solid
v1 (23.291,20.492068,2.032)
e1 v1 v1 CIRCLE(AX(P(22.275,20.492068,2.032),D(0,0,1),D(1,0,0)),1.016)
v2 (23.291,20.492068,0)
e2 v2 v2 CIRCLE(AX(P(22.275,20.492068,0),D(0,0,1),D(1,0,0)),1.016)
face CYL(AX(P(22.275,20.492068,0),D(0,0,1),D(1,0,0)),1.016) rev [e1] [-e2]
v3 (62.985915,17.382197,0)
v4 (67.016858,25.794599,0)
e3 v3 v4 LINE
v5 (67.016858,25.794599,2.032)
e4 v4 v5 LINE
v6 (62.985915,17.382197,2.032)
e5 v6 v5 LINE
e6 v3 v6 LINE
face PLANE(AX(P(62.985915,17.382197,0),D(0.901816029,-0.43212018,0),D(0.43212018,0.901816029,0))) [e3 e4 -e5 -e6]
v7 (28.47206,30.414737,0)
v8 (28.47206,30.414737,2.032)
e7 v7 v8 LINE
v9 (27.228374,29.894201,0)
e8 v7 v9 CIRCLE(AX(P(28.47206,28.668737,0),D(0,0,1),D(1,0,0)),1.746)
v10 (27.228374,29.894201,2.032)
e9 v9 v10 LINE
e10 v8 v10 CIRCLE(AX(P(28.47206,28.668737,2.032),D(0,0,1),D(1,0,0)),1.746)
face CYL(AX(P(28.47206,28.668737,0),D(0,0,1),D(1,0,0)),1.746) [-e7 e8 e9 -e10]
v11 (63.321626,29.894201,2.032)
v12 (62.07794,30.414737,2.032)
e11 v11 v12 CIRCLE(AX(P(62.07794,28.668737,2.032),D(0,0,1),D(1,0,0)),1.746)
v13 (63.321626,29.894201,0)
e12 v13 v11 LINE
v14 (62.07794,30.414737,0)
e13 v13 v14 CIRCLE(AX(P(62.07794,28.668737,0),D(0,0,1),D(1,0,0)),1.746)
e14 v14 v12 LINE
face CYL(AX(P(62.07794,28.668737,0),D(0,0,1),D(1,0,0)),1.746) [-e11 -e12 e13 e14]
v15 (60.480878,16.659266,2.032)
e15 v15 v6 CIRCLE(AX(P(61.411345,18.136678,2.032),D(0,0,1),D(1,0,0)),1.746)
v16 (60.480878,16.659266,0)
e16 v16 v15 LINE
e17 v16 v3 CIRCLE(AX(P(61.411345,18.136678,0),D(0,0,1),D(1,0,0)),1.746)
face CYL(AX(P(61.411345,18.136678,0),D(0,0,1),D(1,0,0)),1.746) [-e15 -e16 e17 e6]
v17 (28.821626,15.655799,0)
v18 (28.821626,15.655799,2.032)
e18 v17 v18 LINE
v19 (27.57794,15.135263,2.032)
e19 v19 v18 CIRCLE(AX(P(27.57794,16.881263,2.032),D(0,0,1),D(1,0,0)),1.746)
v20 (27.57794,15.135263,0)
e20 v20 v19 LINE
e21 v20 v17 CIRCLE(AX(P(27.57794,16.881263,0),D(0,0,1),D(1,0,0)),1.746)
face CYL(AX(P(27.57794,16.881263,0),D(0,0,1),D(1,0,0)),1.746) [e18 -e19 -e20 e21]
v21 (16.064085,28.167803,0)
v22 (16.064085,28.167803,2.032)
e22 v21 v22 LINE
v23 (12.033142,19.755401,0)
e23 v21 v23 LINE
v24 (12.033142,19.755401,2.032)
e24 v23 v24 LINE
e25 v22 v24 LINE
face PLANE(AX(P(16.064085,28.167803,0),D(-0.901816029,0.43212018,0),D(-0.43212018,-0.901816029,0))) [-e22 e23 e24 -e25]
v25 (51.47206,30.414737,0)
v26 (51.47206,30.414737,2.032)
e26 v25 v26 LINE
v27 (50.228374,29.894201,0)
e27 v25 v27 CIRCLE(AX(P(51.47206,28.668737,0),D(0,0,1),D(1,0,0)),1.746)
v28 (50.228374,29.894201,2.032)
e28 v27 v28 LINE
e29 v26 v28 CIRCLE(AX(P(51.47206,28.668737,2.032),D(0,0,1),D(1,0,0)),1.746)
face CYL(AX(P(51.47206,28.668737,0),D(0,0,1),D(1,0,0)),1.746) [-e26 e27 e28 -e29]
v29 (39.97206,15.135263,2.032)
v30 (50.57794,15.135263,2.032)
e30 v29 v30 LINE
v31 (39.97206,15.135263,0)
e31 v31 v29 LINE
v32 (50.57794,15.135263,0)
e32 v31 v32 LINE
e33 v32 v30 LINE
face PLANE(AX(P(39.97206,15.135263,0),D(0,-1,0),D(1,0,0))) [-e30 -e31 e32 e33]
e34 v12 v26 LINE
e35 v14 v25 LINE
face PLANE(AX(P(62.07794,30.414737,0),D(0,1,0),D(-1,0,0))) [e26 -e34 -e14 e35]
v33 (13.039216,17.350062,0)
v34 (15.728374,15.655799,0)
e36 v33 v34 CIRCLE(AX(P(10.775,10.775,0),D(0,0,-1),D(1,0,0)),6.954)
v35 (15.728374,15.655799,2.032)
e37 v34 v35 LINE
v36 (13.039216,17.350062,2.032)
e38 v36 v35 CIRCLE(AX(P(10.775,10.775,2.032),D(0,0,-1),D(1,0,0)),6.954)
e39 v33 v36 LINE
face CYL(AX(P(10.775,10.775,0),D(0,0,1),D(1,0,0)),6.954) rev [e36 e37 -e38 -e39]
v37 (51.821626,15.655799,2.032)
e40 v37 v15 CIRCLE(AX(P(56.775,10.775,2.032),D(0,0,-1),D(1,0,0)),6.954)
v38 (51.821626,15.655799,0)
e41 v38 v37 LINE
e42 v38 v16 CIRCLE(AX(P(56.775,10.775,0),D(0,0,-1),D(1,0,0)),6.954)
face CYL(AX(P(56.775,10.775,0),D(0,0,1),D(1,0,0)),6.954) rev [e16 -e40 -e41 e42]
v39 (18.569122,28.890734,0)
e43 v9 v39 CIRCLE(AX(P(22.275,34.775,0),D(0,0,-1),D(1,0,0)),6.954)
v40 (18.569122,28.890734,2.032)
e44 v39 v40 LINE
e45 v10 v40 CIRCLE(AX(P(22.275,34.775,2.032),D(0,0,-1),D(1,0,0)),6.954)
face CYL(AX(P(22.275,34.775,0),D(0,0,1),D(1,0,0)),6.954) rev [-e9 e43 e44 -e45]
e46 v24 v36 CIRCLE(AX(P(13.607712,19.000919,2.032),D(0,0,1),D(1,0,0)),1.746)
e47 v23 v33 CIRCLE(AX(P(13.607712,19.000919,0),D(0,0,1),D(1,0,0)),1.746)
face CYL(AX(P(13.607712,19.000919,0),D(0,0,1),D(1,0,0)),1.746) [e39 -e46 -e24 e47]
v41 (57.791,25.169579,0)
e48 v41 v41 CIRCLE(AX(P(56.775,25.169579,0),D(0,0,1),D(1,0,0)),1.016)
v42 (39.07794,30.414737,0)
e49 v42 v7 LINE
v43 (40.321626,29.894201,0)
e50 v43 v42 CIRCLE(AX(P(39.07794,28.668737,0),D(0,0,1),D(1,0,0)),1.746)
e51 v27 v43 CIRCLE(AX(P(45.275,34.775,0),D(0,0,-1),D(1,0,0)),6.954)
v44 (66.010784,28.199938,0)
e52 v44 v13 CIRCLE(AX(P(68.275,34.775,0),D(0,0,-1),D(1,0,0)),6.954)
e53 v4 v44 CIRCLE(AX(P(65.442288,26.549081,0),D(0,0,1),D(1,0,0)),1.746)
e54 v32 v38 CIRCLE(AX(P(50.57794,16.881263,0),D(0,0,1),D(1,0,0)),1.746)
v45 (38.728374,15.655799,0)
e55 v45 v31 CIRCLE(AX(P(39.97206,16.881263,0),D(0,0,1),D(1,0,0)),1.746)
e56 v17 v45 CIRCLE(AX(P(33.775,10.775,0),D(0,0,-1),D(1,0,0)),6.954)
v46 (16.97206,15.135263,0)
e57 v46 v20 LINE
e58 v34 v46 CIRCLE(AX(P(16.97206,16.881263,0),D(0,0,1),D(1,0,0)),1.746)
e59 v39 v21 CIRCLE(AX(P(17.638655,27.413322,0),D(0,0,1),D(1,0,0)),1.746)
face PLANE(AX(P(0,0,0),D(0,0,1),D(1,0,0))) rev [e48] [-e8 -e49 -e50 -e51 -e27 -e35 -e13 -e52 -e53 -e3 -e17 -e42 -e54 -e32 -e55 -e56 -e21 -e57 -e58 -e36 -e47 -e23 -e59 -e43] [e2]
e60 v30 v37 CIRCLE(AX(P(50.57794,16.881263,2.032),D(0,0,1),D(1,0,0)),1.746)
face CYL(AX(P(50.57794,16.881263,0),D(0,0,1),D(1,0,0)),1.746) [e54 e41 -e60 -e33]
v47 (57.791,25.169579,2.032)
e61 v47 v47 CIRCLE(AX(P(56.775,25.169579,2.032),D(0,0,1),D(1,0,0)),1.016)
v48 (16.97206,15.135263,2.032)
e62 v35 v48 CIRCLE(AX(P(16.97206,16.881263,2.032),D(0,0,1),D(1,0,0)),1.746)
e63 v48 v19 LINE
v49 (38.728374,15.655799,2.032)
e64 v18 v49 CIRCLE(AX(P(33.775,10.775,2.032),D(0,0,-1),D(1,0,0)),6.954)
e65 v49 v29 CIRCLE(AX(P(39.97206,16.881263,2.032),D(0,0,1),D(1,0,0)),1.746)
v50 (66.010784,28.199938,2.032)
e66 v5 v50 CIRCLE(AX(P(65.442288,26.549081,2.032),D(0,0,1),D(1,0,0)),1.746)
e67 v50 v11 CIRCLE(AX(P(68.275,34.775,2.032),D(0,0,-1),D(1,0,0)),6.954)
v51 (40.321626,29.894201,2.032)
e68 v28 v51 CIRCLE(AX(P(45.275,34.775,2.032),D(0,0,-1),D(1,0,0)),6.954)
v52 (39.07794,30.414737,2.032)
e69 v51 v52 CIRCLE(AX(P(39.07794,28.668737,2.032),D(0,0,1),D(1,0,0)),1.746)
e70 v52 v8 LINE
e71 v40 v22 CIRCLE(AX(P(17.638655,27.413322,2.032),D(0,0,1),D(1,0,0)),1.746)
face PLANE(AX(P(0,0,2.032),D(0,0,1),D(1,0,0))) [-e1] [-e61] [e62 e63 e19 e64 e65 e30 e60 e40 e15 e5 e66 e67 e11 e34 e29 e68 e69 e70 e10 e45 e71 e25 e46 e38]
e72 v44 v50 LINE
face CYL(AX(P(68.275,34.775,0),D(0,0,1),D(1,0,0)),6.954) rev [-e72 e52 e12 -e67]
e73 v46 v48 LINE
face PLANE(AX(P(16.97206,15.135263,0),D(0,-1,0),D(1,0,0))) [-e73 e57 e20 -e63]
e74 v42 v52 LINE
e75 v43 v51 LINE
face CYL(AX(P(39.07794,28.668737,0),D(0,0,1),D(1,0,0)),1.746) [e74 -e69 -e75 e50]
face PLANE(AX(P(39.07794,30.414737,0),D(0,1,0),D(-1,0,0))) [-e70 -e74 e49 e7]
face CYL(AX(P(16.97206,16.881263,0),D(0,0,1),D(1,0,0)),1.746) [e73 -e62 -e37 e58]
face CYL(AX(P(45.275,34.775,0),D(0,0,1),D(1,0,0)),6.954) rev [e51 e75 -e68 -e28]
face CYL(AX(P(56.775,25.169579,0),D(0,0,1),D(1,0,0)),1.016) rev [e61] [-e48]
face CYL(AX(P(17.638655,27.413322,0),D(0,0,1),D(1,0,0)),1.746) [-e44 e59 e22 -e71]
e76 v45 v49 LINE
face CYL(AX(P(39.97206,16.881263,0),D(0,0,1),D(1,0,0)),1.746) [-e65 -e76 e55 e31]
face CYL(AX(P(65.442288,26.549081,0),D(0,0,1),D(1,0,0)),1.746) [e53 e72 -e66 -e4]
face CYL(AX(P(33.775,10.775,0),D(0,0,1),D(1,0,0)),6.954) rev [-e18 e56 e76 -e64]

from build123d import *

# Parameters (mm, degrees)
BOSS_EXTRUDE1_DEPTH = 2.032
FILLET1_R           = 2
SKETCH4_R           = 1.016
CUT_EXTRUDE1_DEPTH  = 75.115872934
CUT_EXTRUDE2_DEPTH  = 75.115872934


with BuildPart() as part:
    # Sketch3 → Boss-Extrude1 (new body)
    with BuildSketch(Plane.XY):
        with BuildLine():
            Line((62.980794963, 30.66873734), (50.569205037, 30.66873734))
            ThreePointArc((50.569205037, 30.66873734), (45.275, 28.075), (39.980794963, 30.66873734))
            Line((39.980794963, 30.66873734), (27.569205037, 30.66873734))
            ThreePointArc((27.569205037, 30.66873734), (22.275, 28.075), (16.980794963, 30.66873734))
            Line((16.980794963, 30.66873734), (10.658308864, 17.473983742))
            ThreePointArc((10.658308864, 17.473983742), (13.670205209, 16.817167392), (16.069205037, 14.88126266))
            Line((16.069205037, 14.88126266), (28.480794963, 14.88126266))
            ThreePointArc((28.480794963, 14.88126266), (33.775, 17.475), (39.069205037, 14.88126266))
            Line((39.069205037, 14.88126266), (51.480794963, 14.88126266))
            ThreePointArc((51.480794963, 14.88126266), (56.775, 17.475), (62.069205037, 14.88126266))
            Line((62.069205037, 14.88126266), (68.391691136, 28.076016258))
            ThreePointArc((68.391691136, 28.076016258), (65.379794791, 28.732832608), (62.980794963, 30.66873734))
        make_face()
    extrude(amount=BOSS_EXTRUDE1_DEPTH)

    # Fillet1
    fillet1_edges = [part.edges().sort_by_distance(p)[0] for p in [
        (68.391691136, 28.076016258, 1.016),
        (62.069205037, 14.88126266, 1.016),
        (51.480794963, 14.88126266, 1.016),
        (39.069205037, 14.88126266, 1.016),
        (28.480794963, 14.88126266, 1.016),
        (16.069205037, 14.88126266, 1.016),
        (10.658308864, 17.473983742, 1.016),
        (16.980794963, 30.66873734, 1.016),
        (27.569205037, 30.66873734, 1.016),
        (39.980794963, 30.66873734, 1.016),
        (50.569205037, 30.66873734, 1.016),
        (62.980794963, 30.66873734, 1.016),
    ]]
    fillet(fillet1_edges, radius=FILLET1_R)

    # Sketch4 → Cut-Extrude1 (cut, through all)
    with BuildSketch(Plane.XY.offset(2.032)):
        with Locations((22.275, 20.49206771)):
            Circle(SKETCH4_R)
        with Locations((56.775, 25.169579009)):
            Circle(SKETCH4_R)
    extrude(amount=-CUT_EXTRUDE1_DEPTH, mode=Mode.SUBTRACT)

    # Sketch6 → Cut-Extrude2 (cut, through all)
    with BuildSketch(Plane.XY.offset(2.032)):
        with BuildLine():
            Line((62.077939702, 30.66873734), (51.472060298, 30.66873734))
            ThreePointArc((51.472060298, 30.66873734), (50.699880618, 30.513659708), (50.047448735, 30.072475883))
            ThreePointArc((50.047448735, 30.072475883), (45.275, 28.075), (40.502551265, 30.072475883))
            ThreePointArc((40.502551265, 30.072475883), (39.850119382, 30.513659708), (39.077939702, 30.66873734))
            Line((39.077939702, 30.66873734), (28.472060298, 30.66873734))
            ThreePointArc((28.472060298, 30.66873734), (27.699880618, 30.513659708), (27.047448735, 30.072475883))
            ThreePointArc((27.047448735, 30.072475883), (23.046259875, 28.119539219), (18.704481797, 29.105661435))
            ThreePointArc((18.704481797, 29.105661435), (17.084104729, 29.334902549), (15.835023411, 28.277561926))
            Line((15.835023411, 28.277561926), (11.804080417, 19.865159157))
            ThreePointArc((11.804080417, 19.865159157), (11.762608918, 18.229172162), (12.956514205, 17.109902981))
            ThreePointArc((12.956514205, 17.109902981), (14.346493431, 16.443724254), (15.547448735, 15.477524117))
            ThreePointArc((15.547448735, 15.477524117), (16.199880618, 15.036340292), (16.972060298, 14.88126266))
            Line((16.972060298, 14.88126266), (27.577939702, 14.88126266))
            ThreePointArc((27.577939702, 14.88126266), (28.350119382, 15.036340292), (29.002551265, 15.477524117))
            ThreePointArc((29.002551265, 15.477524117), (33.775, 17.475), (38.547448735, 15.477524117))
            ThreePointArc((38.547448735, 15.477524117), (39.199880618, 15.036340292), (39.972060298, 14.88126266))
            Line((39.972060298, 14.88126266), (50.577939702, 14.88126266))
            ThreePointArc((50.577939702, 14.88126266), (51.350119382, 15.036340292), (52.002551265, 15.477524117))
            ThreePointArc((52.002551265, 15.477524117), (56.003740125, 17.430460781), (60.345518203, 16.444338565))
            ThreePointArc((60.345518203, 16.444338565), (61.965895271, 16.215097451), (63.214976589, 17.272438074))
            Line((63.214976589, 17.272438074), (67.245919583, 25.684840843))
            ThreePointArc((67.245919583, 25.684840843), (67.287391082, 27.320827838), (66.093485795, 28.440097019))
            ThreePointArc((66.093485795, 28.440097019), (64.703506569, 29.106275746), (63.502551265, 30.072475883))
            ThreePointArc((63.502551265, 30.072475883), (62.850119382, 30.513659708), (62.077939702, 30.66873734))
        make_face()
        with BuildLine():
            Line((16.064084682, 28.1678034), (12.033141688, 19.755400631))
            ThreePointArc((12.033141688, 19.755400631), (11.99693707, 18.327183984), (13.039216385, 17.350061989))
            ThreePointArc((13.039216385, 17.350061989), (14.481890346, 16.658628129), (15.728374403, 15.655798912))
            ThreePointArc((15.728374403, 15.655798912), (16.297947437, 15.270645433), (16.972060298, 15.13526266))
            Line((16.972060298, 15.13526266), (27.577939702, 15.13526266))
            ThreePointArc((27.577939702, 15.13526266), (28.252052563, 15.270645433), (28.821625597, 15.655798912))
            ThreePointArc((28.821625597, 15.655798912), (33.775, 17.729), (38.728374403, 15.655798912))
            ThreePointArc((38.728374403, 15.655798912), (39.297947437, 15.270645433), (39.972060298, 15.13526266))
            Line((39.972060298, 15.13526266), (50.577939702, 15.13526266))
            ThreePointArc((50.577939702, 15.13526266), (51.252052563, 15.270645433), (51.821625597, 15.655798912))
            ThreePointArc((51.821625597, 15.655798912), (55.974501318, 17.682772279), (60.480878147, 16.659265728))
            ThreePointArc((60.480878147, 16.659265728), (61.895467327, 16.459138236), (62.985915318, 17.3821966))
            Line((62.985915318, 17.3821966), (67.016858312, 25.794599369))
            ThreePointArc((67.016858312, 25.794599369), (67.05306293, 27.222816016), (66.010783615, 28.199938011))
            ThreePointArc((66.010783615, 28.199938011), (64.568109654, 28.891371871), (63.321625597, 29.894201088))
            ThreePointArc((63.321625597, 29.894201088), (62.752052563, 30.279354567), (62.077939702, 30.41473734))
            Line((62.077939702, 30.41473734), (51.472060298, 30.41473734))
            ThreePointArc((51.472060298, 30.41473734), (50.797947437, 30.279354567), (50.228374403, 29.894201088))
            ThreePointArc((50.228374403, 29.894201088), (45.275, 27.821), (40.321625597, 29.894201088))
            ThreePointArc((40.321625597, 29.894201088), (39.752052563, 30.279354567), (39.077939702, 30.41473734))
            Line((39.077939702, 30.41473734), (28.472060298, 30.41473734))
            ThreePointArc((28.472060298, 30.41473734), (27.797947437, 30.279354567), (27.228374403, 29.894201088))
            ThreePointArc((27.228374403, 29.894201088), (23.075498682, 27.867227721), (18.569121853, 28.890734272))
            ThreePointArc((18.569121853, 28.890734272), (17.154532673, 29.090861764), (16.064084682, 28.1678034))
        make_face(mode=Mode.SUBTRACT)
    extrude(amount=-CUT_EXTRUDE2_DEPTH, mode=Mode.SUBTRACT)


solid = part.part
